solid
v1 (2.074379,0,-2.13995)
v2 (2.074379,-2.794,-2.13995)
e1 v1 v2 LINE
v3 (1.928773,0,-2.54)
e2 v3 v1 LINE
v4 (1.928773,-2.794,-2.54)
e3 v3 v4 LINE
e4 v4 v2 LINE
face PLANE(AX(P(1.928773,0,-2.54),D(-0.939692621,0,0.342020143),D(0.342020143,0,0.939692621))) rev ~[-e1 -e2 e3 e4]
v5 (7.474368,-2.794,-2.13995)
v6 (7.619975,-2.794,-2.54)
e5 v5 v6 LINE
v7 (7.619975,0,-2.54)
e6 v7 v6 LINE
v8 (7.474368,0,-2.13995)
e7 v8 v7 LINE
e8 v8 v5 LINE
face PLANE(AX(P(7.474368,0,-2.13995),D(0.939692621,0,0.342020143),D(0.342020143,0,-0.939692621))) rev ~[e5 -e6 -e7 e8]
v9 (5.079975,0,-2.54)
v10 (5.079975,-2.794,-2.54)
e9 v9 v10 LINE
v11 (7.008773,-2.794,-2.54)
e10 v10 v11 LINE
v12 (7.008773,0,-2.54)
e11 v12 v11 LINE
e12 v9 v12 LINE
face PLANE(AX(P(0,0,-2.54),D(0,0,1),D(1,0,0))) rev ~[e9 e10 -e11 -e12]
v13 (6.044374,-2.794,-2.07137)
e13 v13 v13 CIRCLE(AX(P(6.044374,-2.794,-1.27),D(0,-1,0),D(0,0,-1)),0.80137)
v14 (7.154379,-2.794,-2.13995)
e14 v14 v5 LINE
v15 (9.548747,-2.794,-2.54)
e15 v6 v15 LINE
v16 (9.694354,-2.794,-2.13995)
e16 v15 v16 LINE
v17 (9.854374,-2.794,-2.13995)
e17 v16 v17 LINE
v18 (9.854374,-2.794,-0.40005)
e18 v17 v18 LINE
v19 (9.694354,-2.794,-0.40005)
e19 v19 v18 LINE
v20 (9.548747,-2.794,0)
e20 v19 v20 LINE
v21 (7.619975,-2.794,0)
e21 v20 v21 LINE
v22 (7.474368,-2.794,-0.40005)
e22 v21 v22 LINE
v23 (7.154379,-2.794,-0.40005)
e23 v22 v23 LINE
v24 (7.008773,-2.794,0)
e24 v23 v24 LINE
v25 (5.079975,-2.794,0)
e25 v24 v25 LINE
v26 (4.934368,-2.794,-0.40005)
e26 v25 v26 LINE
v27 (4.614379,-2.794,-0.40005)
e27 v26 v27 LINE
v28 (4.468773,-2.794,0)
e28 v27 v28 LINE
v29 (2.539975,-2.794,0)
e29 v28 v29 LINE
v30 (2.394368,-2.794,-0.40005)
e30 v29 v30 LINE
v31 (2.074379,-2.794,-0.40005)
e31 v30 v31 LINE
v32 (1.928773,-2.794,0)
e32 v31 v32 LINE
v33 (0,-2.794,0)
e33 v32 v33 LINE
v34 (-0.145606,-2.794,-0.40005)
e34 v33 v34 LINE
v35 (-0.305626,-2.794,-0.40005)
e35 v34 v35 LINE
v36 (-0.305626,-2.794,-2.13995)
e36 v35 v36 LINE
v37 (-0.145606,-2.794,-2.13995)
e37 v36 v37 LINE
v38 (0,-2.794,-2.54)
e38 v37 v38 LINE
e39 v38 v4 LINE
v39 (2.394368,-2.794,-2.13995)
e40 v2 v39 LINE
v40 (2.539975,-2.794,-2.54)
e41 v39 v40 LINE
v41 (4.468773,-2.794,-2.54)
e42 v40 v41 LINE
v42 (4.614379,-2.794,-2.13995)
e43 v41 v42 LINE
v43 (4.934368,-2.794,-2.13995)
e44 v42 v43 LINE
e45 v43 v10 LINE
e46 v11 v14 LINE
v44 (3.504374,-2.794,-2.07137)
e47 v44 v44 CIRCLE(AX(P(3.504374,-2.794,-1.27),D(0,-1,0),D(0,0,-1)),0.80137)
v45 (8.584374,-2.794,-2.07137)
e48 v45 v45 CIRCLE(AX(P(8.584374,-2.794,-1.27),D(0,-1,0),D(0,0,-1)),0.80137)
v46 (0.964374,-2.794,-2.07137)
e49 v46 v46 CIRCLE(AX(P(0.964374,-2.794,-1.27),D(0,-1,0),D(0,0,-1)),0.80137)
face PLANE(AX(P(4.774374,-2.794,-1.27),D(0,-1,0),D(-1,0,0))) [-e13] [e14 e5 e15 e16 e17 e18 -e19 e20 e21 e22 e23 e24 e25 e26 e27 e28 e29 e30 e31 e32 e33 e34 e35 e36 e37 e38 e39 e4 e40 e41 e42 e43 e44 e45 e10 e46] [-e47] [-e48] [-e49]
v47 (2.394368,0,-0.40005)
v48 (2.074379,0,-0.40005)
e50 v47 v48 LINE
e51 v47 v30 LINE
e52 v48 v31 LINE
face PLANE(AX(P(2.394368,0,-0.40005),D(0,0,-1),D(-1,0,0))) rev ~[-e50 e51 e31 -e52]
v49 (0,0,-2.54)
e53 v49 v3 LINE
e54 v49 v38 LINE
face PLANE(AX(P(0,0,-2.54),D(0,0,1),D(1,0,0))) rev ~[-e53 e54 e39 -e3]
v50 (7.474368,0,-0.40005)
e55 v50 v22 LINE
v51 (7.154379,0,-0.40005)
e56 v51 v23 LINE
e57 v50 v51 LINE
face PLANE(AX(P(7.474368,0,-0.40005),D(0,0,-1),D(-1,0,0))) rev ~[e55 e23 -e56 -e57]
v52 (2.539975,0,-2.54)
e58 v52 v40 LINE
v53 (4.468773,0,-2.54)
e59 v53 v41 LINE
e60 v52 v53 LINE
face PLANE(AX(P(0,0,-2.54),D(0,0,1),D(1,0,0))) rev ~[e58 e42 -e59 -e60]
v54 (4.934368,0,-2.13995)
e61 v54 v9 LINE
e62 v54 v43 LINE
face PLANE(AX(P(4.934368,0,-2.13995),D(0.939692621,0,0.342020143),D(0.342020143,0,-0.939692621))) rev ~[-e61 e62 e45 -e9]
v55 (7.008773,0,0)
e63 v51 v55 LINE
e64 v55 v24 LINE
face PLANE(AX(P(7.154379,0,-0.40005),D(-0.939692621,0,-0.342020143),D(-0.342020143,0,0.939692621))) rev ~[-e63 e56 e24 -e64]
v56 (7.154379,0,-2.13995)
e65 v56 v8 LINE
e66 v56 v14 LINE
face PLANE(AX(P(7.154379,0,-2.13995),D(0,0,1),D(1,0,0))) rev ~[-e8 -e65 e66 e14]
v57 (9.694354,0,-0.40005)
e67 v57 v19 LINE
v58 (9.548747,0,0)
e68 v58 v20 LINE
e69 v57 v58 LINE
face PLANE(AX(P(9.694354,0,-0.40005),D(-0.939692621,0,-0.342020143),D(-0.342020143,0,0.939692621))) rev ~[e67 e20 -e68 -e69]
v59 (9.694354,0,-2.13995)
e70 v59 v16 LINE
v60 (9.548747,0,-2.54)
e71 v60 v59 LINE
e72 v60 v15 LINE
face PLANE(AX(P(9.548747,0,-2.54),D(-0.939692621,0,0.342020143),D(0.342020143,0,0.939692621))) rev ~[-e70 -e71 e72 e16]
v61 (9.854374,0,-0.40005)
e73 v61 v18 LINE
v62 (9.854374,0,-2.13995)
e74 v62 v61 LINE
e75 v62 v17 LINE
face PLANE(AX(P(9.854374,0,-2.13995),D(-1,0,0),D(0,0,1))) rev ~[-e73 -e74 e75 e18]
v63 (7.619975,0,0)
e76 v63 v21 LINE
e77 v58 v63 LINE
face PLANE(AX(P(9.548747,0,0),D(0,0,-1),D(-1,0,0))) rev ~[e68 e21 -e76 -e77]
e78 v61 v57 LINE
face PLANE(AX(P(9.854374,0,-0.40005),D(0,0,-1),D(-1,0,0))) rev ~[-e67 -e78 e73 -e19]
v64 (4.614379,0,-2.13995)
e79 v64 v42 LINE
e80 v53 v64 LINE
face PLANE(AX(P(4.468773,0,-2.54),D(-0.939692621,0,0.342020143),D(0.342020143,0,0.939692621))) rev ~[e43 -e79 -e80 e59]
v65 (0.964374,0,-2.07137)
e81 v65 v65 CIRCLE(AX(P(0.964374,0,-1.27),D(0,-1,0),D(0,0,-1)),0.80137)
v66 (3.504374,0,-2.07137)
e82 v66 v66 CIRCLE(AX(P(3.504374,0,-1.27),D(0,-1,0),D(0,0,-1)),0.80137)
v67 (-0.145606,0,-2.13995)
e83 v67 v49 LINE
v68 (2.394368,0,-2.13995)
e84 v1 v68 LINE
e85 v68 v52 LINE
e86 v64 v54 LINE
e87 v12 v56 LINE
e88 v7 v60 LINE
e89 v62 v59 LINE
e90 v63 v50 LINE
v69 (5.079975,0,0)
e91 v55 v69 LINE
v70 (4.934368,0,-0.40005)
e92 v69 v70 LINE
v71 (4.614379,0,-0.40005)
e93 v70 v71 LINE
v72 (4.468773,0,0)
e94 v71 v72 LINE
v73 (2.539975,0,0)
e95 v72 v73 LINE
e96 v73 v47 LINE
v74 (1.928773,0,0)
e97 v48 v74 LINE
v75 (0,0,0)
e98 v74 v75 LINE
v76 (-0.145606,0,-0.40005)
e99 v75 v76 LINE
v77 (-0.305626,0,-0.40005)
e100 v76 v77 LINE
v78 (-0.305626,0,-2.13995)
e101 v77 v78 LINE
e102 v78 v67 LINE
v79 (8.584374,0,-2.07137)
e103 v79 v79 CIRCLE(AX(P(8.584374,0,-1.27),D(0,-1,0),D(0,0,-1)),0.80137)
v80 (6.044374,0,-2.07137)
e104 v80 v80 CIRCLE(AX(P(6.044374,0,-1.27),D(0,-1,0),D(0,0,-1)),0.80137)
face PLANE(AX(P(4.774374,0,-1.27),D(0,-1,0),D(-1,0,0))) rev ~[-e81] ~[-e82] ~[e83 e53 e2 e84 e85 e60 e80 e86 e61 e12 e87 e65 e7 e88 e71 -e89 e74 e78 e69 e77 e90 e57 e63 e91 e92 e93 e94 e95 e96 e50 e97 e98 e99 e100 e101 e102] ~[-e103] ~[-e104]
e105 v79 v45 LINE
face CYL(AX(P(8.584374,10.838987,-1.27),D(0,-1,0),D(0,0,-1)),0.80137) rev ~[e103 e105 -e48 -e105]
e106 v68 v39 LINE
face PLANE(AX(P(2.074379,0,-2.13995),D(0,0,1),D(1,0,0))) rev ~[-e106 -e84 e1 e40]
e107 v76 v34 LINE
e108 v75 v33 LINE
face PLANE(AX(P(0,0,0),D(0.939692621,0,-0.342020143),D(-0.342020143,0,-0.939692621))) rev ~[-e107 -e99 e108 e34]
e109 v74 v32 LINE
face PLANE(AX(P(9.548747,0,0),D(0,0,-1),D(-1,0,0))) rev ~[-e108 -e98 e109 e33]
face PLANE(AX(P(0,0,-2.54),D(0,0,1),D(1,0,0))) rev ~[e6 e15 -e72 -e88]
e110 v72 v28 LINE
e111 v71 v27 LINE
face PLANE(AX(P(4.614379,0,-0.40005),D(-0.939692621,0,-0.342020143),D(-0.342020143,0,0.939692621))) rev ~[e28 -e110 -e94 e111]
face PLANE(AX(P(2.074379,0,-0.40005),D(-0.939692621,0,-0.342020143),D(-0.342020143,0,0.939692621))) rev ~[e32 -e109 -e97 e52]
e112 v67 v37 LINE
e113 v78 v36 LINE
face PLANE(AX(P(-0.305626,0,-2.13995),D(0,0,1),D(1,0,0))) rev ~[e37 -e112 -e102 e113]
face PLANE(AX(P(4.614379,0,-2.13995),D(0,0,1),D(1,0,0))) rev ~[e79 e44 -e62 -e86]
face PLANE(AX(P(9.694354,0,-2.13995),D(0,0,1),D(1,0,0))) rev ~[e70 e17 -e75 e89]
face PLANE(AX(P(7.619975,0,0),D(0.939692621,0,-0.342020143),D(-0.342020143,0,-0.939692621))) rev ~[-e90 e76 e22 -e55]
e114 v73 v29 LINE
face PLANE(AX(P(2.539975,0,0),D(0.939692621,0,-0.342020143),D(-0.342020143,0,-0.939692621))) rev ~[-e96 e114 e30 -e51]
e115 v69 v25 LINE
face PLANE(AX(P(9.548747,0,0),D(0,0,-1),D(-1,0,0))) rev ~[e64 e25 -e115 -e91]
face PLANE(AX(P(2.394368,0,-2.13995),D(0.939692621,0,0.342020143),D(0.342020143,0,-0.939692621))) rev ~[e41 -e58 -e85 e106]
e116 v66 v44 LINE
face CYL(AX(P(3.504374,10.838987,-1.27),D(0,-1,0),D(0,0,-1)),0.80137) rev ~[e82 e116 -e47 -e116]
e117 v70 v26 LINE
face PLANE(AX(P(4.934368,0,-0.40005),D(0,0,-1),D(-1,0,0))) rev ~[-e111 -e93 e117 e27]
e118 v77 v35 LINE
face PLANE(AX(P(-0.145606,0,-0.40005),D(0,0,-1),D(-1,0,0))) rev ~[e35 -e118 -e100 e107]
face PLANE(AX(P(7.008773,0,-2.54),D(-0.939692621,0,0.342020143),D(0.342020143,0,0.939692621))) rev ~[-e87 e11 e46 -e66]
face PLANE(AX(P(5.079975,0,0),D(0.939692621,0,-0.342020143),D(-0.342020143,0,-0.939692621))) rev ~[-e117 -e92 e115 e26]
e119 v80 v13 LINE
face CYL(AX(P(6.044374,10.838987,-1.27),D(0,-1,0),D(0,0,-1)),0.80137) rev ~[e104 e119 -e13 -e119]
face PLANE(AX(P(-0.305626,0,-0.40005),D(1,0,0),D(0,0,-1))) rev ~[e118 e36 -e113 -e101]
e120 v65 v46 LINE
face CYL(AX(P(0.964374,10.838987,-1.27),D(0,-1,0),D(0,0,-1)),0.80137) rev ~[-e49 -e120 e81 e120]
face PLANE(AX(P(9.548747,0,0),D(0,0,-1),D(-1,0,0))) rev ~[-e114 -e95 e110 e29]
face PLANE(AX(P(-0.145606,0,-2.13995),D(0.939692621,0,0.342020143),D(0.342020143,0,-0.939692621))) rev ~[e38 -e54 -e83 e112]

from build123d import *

# Parameters (mm, degrees)
EXTRUDE1_DEPTH  = 2.794
HOLE1_D         = 1.60274
EXTRUDE2_DEPTH  = 2.794
LPATTERN1_COUNT = 5
LPATTERN1_PITCH = 2.54
LPATTERN2_COUNT = 63
LPATTERN2_PITCH = 2.54


with BuildPart() as part:
    # Sketch1 → Extrude1 (new body)
    with BuildSketch(Plane(origin=(0, 0, 0), x_dir=(1, 0, 0), z_dir=(0, 1, 0))):
        Polygon((9.854373708, 0.40005), (9.694353708, 0.40005), (9.548747416, 0), (0, 0), (-0.145606292, 0.40005), (-0.305626292, 0.40005), (-0.305626292, 2.13995), (-0.145606292, 2.13995), (0, 2.54), (9.548747416, 2.54), (9.694353708, 2.13995), (9.854373708, 2.13995), align=None)
    extrude(amount=-EXTRUDE1_DEPTH)

    # Hole1 (through all)
    with Locations(Plane(origin=(0.964373708, 0, -1.27), x_dir=(0, 0, 1), z_dir=(0, 1, 0))):
        with Locations((0, 0)):
            hole1 = Hole(HOLE1_D / 2)

    # Sketch4 → Extrude2 (cut)
    with BuildSketch(Plane(origin=(0, 0, 0), x_dir=(1, 0, 0), z_dir=(0, 1, 0))):
        Polygon((1.928772816, 0), (2.5399746, 0), (2.394368308, 0.40005), (2.074379108, 0.40005), align=None)
        Polygon((2.074379108, 2.13995), (2.394368308, 2.13995), (2.5399746, 2.54), (1.928772816, 2.54), align=None)
    extrude2 = extrude(amount=-EXTRUDE2_DEPTH, mode=Mode.SUBTRACT)

    # LPattern1: Hole1 ×5
    with Locations(*[(i * LPATTERN1_PITCH, 0, 0) for i in range(1, LPATTERN1_COUNT)]):
        add(hole1, mode=Mode.SUBTRACT)

    # LPattern2: Extrude2 ×63
    with Locations(*[(i * LPATTERN2_PITCH, 0, 0) for i in range(1, LPATTERN2_COUNT)]):
        add(extrude2, mode=Mode.SUBTRACT)


solid = part.part
